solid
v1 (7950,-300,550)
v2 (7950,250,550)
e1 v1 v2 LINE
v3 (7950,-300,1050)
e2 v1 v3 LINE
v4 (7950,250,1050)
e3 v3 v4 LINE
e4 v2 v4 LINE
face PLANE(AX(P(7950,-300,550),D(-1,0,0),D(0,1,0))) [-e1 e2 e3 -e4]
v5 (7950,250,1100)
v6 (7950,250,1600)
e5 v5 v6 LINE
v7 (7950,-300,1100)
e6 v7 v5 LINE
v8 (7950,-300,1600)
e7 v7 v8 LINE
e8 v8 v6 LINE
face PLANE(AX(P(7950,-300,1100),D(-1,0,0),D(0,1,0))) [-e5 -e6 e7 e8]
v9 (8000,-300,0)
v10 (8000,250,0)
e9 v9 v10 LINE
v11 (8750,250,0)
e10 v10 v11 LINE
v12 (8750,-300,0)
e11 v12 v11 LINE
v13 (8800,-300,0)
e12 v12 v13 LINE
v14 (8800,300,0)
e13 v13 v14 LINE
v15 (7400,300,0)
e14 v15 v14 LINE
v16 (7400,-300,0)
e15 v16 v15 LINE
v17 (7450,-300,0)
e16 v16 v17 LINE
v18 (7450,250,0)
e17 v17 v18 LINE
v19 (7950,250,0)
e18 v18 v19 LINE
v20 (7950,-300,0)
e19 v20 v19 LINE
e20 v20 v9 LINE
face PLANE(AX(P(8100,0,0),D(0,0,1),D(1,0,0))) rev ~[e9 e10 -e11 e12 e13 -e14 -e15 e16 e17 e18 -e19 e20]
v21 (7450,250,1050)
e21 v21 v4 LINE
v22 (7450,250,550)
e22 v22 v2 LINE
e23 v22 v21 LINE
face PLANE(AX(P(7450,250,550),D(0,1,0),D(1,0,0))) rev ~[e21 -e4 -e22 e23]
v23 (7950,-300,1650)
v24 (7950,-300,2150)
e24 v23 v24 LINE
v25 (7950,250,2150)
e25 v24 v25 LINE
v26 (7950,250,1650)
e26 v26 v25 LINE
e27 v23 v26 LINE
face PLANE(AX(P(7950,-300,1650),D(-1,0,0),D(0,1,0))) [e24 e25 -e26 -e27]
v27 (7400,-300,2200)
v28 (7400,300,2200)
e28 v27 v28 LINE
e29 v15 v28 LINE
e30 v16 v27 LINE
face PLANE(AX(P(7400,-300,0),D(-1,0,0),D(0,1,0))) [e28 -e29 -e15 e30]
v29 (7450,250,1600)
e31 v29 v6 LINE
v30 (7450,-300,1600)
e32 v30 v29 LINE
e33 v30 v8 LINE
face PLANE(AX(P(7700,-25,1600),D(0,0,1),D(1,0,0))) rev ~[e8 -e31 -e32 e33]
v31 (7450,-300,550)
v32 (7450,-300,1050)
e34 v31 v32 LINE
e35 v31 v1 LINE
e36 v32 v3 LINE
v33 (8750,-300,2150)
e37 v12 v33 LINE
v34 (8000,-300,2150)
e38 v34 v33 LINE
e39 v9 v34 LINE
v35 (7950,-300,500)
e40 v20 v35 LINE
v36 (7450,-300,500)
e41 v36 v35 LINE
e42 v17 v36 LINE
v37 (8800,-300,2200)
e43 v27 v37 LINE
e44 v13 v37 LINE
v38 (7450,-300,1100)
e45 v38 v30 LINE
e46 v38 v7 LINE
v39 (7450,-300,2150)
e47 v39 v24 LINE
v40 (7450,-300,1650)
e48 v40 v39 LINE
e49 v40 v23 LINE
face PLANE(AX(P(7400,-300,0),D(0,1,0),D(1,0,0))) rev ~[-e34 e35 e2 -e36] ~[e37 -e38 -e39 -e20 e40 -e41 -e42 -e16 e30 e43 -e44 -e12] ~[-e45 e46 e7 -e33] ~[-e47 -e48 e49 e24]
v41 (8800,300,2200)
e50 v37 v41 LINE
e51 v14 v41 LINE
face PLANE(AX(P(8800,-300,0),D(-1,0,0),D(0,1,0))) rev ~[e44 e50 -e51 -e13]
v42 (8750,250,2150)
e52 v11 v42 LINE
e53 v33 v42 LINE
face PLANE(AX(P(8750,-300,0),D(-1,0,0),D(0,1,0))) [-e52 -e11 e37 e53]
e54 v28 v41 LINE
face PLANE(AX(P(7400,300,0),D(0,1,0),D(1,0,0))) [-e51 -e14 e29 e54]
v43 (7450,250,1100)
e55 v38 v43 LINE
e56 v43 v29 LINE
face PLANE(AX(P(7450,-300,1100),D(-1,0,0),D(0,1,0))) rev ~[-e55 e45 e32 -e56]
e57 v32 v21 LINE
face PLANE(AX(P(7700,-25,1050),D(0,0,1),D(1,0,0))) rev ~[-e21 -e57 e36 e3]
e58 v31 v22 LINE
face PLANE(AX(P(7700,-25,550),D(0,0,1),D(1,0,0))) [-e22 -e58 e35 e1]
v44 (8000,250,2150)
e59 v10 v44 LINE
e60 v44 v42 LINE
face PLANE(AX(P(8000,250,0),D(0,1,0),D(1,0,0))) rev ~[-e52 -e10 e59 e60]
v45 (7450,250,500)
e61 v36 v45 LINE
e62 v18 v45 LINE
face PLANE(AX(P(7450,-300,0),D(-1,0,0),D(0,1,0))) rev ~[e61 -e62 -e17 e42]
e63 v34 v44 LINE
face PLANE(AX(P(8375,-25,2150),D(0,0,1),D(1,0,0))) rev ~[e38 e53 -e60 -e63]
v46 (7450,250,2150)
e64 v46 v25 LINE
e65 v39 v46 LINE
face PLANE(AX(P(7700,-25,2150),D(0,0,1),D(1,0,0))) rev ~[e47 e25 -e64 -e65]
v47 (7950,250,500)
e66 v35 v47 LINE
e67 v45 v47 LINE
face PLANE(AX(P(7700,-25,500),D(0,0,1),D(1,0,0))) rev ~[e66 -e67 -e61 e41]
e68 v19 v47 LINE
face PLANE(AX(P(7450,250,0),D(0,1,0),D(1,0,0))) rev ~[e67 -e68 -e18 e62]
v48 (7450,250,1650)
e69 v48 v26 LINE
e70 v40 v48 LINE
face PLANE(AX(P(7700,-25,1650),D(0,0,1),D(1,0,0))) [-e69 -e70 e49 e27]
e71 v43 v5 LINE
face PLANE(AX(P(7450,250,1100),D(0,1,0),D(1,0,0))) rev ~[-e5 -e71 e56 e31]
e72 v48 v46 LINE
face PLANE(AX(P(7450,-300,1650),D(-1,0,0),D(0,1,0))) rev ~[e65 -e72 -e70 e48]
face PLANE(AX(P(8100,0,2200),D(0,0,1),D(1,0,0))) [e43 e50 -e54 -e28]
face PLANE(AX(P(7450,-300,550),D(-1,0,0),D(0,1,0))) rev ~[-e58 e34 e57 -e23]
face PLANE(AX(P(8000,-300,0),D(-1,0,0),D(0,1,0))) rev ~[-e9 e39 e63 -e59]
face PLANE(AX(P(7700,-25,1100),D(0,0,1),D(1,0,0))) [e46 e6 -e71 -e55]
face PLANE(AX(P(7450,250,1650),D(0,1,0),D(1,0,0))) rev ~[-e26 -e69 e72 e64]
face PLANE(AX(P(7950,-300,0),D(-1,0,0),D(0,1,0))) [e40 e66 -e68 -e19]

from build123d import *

# Parameters (mm, degrees)
BOX3570_W        = 750
BOX3570_H        = 550
BOX3570_DEPTH    = 2150
BOX3572_W        = 500
BOX3572_H        = 550
BOX3572_DEPTH    = 500
ARRAY290_Z_COUNT = 4
ARRAY290_Z_PITCH = 550
BOX3571_W        = 1400
BOX3571_H        = 600
BOX3571_DEPTH    = 2200


with BuildPart() as box3570:
    # Box3570 → Box3570 (new body)
    with BuildSketch(Plane(origin=(8100, -300, 0), x_dir=(1, 0, 0), z_dir=(0, 0, 1))):
        with Locations((375, 275)):
            Rectangle(BOX3570_W, BOX3570_H)
    extrude(amount=BOX3570_DEPTH)


with BuildPart() as array290:
    # Box3572 → Box3572 (new body)
    with BuildSketch(Plane(origin=(7550, -300, 0), x_dir=(1, 0, 0), z_dir=(0, 0, 1))):
        with Locations((250, 275)):
            Rectangle(BOX3572_W, BOX3572_H)
    extrude(amount=BOX3572_DEPTH)

    # Array290 Z: Array290 ×4


with BuildPart() as array290_1:
    add(array290.part)
    with Locations(*[(0, 0, i * ARRAY290_Z_PITCH) for i in range(1, ARRAY290_Z_COUNT)]):
        add(array290.part)


with BuildPart() as cut006:
    # Box3571 → Box3571 (new body)
    with BuildSketch(Plane(origin=(7500, -300, 0), x_dir=(1, 0, 0), z_dir=(0, 0, 1))):
        with Locations((700, 300)):
            Rectangle(BOX3571_W, BOX3571_H)
    extrude(amount=BOX3571_DEPTH)

    # Cut007: cut Array290
    add(array290_1.part, mode=Mode.SUBTRACT)

    # Cut006: cut Box3570
    add(box3570.part, mode=Mode.SUBTRACT)


with BuildPart() as cut006_1:
    # Cut006 placement: moved
    add(cut006.part.moved(Location((-100, 0, 0))))


solid = cut006_1.part
